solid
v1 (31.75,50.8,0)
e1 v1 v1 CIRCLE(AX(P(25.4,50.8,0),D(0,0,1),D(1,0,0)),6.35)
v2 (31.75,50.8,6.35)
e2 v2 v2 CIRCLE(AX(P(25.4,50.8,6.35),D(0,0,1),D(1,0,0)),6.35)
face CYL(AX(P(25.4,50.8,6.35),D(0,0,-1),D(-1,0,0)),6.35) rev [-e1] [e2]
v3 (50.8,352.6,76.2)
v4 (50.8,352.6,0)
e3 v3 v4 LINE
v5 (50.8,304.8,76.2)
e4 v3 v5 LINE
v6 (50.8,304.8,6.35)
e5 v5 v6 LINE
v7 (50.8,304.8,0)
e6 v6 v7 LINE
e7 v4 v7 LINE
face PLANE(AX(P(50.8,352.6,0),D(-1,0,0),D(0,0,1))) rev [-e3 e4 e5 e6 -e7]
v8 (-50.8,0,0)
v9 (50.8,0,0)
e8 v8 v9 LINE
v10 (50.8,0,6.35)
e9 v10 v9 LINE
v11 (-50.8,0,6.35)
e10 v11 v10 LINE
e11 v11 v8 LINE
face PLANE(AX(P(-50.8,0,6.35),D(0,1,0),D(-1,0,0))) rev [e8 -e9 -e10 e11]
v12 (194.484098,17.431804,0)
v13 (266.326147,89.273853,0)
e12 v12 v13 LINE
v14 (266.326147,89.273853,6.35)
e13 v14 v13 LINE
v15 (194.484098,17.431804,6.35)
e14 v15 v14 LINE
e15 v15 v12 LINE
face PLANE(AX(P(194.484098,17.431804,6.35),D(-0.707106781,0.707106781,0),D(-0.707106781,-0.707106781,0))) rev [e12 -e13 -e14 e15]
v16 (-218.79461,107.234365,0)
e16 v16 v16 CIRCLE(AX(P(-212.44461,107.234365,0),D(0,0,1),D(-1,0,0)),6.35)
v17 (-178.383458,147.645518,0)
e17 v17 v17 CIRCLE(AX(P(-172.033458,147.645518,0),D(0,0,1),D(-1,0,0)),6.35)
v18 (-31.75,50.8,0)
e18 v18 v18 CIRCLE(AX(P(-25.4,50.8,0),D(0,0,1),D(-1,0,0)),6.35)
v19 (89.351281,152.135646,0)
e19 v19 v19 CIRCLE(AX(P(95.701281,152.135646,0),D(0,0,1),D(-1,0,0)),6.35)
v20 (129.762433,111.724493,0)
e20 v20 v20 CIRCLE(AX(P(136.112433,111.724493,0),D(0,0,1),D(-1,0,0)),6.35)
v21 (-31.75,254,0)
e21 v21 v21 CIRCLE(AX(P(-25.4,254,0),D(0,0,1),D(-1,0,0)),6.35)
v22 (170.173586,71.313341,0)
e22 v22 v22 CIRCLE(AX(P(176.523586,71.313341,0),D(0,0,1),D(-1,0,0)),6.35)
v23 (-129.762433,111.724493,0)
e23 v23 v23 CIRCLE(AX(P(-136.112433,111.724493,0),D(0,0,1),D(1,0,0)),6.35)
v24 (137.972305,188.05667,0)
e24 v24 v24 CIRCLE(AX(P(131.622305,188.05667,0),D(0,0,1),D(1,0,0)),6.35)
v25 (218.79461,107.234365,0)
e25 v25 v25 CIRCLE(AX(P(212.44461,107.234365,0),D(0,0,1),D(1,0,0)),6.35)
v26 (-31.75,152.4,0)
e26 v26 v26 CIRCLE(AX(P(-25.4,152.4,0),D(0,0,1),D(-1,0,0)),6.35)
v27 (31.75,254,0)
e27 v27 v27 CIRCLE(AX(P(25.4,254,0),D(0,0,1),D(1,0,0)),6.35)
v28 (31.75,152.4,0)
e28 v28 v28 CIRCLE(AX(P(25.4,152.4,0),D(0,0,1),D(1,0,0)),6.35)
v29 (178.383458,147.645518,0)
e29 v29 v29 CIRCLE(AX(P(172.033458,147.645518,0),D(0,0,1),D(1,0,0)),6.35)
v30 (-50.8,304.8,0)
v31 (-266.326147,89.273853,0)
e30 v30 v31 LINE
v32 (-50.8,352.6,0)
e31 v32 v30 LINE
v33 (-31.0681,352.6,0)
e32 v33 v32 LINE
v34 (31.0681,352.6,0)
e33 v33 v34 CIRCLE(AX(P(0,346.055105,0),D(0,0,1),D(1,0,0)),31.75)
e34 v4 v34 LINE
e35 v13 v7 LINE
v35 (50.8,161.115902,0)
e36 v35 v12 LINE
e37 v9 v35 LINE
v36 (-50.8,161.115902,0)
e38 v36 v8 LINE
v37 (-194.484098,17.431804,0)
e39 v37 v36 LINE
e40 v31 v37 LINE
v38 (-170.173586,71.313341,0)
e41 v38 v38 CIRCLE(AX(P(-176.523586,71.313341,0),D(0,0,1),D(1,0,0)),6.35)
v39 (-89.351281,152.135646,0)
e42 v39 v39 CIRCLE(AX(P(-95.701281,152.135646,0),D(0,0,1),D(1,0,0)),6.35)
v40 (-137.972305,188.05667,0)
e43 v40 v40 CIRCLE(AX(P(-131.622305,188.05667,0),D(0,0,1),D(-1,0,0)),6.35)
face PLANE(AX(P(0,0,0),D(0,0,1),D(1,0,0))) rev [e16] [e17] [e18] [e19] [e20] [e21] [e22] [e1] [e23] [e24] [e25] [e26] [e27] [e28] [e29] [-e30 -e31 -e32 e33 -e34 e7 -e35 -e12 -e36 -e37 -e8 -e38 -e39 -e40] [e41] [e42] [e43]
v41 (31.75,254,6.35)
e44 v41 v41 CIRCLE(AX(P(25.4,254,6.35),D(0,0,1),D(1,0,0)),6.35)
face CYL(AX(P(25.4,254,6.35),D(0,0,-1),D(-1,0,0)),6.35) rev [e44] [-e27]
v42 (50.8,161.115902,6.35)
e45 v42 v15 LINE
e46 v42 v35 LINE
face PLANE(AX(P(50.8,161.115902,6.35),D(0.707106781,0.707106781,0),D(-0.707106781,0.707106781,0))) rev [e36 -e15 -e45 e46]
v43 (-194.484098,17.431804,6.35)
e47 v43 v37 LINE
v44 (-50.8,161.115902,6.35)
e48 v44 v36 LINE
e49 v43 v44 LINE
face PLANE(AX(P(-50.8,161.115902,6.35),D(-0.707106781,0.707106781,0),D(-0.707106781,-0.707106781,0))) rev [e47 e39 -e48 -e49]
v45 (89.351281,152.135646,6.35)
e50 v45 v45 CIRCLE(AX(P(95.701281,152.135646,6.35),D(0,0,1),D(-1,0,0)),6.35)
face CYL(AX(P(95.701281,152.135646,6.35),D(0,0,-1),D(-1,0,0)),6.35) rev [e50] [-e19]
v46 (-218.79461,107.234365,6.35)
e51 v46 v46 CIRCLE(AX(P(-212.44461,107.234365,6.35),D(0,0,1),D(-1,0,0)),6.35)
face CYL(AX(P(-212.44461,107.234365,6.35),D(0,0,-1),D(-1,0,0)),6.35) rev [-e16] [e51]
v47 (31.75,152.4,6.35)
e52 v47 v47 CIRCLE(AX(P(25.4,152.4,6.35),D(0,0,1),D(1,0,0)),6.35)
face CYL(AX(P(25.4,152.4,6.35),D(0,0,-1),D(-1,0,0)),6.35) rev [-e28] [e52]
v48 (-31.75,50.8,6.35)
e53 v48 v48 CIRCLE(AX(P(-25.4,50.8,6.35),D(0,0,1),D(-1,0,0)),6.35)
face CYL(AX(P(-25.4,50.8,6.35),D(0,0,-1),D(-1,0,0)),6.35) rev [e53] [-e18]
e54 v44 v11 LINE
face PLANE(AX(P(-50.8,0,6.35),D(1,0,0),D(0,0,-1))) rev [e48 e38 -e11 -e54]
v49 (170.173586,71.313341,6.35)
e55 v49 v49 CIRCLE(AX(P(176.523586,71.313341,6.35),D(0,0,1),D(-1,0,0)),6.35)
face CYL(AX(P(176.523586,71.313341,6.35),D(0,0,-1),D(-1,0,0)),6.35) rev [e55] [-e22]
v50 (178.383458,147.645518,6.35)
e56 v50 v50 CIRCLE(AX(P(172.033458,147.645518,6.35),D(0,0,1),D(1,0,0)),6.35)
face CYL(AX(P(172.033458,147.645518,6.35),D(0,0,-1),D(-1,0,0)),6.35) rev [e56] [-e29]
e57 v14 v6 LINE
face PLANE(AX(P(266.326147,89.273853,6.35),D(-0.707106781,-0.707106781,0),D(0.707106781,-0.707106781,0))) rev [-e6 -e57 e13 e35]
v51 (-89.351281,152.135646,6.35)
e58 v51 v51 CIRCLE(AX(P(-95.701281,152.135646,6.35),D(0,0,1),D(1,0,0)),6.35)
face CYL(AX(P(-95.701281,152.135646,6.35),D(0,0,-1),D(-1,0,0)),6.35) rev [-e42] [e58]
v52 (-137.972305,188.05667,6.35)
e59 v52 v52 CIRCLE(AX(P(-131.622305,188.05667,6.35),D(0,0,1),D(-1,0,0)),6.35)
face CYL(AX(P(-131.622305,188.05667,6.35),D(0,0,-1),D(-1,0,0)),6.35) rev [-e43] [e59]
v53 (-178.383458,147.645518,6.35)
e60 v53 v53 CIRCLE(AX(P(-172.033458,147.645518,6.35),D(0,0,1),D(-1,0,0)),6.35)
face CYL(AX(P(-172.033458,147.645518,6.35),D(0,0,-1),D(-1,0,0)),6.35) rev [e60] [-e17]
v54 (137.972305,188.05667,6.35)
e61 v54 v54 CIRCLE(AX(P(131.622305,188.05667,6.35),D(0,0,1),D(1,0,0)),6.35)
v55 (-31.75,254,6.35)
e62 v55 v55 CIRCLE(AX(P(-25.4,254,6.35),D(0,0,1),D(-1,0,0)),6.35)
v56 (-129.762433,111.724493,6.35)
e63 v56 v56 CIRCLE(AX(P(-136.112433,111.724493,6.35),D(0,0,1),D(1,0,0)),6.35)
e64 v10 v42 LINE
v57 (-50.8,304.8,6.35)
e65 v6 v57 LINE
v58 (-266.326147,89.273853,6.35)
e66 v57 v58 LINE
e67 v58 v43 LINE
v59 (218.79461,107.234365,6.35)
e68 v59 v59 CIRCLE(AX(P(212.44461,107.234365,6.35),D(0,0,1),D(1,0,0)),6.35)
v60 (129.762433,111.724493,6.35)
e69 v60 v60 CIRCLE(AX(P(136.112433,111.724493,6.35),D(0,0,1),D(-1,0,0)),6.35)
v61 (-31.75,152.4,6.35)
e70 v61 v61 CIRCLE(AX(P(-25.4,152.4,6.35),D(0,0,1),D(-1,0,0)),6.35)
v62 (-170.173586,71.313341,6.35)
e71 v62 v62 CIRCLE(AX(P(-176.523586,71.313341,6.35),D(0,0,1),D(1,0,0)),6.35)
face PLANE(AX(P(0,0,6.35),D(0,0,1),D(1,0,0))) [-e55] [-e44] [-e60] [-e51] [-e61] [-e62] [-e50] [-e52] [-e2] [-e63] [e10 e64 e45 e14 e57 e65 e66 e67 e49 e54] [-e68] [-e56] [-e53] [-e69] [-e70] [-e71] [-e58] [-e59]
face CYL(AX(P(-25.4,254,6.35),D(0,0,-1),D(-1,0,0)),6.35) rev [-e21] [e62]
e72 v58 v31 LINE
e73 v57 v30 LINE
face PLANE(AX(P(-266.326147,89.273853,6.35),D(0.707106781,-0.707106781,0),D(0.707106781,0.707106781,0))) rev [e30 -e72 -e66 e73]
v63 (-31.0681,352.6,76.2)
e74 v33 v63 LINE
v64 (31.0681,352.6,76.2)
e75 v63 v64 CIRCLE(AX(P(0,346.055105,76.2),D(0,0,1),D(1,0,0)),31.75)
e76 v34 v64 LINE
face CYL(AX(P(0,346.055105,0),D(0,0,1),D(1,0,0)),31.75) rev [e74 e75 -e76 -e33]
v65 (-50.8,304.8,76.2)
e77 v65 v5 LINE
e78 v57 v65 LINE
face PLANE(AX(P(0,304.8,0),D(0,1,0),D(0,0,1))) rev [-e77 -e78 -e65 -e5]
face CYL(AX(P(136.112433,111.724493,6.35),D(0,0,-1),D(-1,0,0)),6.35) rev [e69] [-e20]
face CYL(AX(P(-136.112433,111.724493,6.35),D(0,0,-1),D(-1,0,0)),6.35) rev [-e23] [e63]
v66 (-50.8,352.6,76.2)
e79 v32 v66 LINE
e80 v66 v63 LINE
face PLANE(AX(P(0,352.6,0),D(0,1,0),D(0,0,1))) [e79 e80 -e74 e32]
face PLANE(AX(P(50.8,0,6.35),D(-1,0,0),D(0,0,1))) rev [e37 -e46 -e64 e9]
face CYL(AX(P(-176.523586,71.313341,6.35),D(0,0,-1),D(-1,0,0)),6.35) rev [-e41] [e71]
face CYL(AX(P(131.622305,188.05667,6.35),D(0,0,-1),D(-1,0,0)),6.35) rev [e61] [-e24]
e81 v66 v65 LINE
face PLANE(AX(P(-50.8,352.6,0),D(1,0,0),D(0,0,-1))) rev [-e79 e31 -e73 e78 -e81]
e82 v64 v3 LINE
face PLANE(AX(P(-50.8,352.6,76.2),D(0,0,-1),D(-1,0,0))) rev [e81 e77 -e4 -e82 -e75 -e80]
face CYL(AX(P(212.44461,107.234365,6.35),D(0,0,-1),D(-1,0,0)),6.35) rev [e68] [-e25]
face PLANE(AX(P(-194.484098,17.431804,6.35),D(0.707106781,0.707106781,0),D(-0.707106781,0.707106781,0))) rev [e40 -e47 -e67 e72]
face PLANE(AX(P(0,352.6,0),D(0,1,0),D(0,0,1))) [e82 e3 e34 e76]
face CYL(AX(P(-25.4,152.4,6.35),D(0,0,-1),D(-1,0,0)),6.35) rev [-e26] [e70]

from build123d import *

# Parameters (mm, degrees)
SKETCH2_R           = 6.35
BOSS_EXTRUDE1_DEPTH = 6.35
SKETCH3_W           = 101.6
SKETCH3_H           = 76.2
BOSS_EXTRUDE3_DEPTH = 47.8
CUT_EXTRUDE1_DEPTH  = 449.400286045


with BuildPart() as part:
    # Sketch2 → Boss-Extrude1 (new body)
    with BuildSketch(Plane.XY):
        Polygon((-50.8, 0), (50.8, 0), (50.8, 161.115902063), (194.484097937, 17.431804126), (266.326146906, 89.273853094), (50.8, 304.8), (-50.8, 304.8), (-266.326146906, 89.273853094), (-194.484097937, 17.431804126), (-50.8, 161.115902063), align=None)
        with Locations((212.444610179, 107.234365336)):
            Circle(SKETCH2_R, mode=Mode.SUBTRACT)
        with Locations((172.033457634, 147.645517881)):
            Circle(SKETCH2_R, mode=Mode.SUBTRACT)
        with Locations((131.62230509, 188.056670426)):
            Circle(SKETCH2_R, mode=Mode.SUBTRACT)
        with Locations(Location((136.11243315, 111.724493397, 0), (0, 0, 180))):
            Circle(SKETCH2_R, mode=Mode.SUBTRACT)
        with Locations(Location((95.701280605, 152.135645942, 0), (0, 0, 180))):
            Circle(SKETCH2_R, mode=Mode.SUBTRACT)
        with Locations(Location((176.523585695, 71.313340852, 0), (0, 0, 180))):
            Circle(SKETCH2_R, mode=Mode.SUBTRACT)
        with Locations((25.4, 50.8)):
            Circle(SKETCH2_R, mode=Mode.SUBTRACT)
        with Locations((25.4, 152.4)):
            Circle(SKETCH2_R, mode=Mode.SUBTRACT)
        with Locations((25.4, 254)):
            Circle(SKETCH2_R, mode=Mode.SUBTRACT)
        with Locations(Location((-25.4, 254, 0), (0, 0, 180))):
            Circle(SKETCH2_R, mode=Mode.SUBTRACT)
        with Locations(Location((-25.4, 152.4, 0), (0, 0, 180))):
            Circle(SKETCH2_R, mode=Mode.SUBTRACT)
        with Locations(Location((-25.4, 50.8, 0), (0, 0, 180))):
            Circle(SKETCH2_R, mode=Mode.SUBTRACT)
        with Locations((-176.523585695, 71.313340852)):
            Circle(SKETCH2_R, mode=Mode.SUBTRACT)
        with Locations((-95.701280605, 152.135645942)):
            Circle(SKETCH2_R, mode=Mode.SUBTRACT)
        with Locations((-136.11243315, 111.724493397)):
            Circle(SKETCH2_R, mode=Mode.SUBTRACT)
        with Locations(Location((-131.62230509, 188.056670426, 0), (0, 0, 180))):
            Circle(SKETCH2_R, mode=Mode.SUBTRACT)
        with Locations(Location((-172.033457634, 147.645517881, 0), (0, 0, 180))):
            Circle(SKETCH2_R, mode=Mode.SUBTRACT)
        with Locations(Location((-212.444610179, 107.234365336, 0), (0, 0, 180))):
            Circle(SKETCH2_R, mode=Mode.SUBTRACT)
    extrude(amount=BOSS_EXTRUDE1_DEPTH)

    # Sketch3 → Boss-Extrude3 (add)
    with BuildSketch(Plane(origin=(0, 304.8, 0), x_dir=(1, 0, 0), z_dir=(0, 1, 0))):
        with Locations((0, -38.1)):
            Rectangle(SKETCH3_W, SKETCH3_H)
    extrude(amount=BOSS_EXTRUDE3_DEPTH)

    # Sketch4 → Cut-Extrude1 (cut, through all)
    with BuildSketch(Plane.XY.offset(76.2)):
        with BuildLine():
            Line((-31.068100257, 352.6), (31.068100257, 352.6))
            ThreePointArc((31.068100257, 352.6), (0, 314.305105316), (-31.068100257, 352.6))
        make_face()
    extrude(amount=-CUT_EXTRUDE1_DEPTH, mode=Mode.SUBTRACT)


solid = part.part
